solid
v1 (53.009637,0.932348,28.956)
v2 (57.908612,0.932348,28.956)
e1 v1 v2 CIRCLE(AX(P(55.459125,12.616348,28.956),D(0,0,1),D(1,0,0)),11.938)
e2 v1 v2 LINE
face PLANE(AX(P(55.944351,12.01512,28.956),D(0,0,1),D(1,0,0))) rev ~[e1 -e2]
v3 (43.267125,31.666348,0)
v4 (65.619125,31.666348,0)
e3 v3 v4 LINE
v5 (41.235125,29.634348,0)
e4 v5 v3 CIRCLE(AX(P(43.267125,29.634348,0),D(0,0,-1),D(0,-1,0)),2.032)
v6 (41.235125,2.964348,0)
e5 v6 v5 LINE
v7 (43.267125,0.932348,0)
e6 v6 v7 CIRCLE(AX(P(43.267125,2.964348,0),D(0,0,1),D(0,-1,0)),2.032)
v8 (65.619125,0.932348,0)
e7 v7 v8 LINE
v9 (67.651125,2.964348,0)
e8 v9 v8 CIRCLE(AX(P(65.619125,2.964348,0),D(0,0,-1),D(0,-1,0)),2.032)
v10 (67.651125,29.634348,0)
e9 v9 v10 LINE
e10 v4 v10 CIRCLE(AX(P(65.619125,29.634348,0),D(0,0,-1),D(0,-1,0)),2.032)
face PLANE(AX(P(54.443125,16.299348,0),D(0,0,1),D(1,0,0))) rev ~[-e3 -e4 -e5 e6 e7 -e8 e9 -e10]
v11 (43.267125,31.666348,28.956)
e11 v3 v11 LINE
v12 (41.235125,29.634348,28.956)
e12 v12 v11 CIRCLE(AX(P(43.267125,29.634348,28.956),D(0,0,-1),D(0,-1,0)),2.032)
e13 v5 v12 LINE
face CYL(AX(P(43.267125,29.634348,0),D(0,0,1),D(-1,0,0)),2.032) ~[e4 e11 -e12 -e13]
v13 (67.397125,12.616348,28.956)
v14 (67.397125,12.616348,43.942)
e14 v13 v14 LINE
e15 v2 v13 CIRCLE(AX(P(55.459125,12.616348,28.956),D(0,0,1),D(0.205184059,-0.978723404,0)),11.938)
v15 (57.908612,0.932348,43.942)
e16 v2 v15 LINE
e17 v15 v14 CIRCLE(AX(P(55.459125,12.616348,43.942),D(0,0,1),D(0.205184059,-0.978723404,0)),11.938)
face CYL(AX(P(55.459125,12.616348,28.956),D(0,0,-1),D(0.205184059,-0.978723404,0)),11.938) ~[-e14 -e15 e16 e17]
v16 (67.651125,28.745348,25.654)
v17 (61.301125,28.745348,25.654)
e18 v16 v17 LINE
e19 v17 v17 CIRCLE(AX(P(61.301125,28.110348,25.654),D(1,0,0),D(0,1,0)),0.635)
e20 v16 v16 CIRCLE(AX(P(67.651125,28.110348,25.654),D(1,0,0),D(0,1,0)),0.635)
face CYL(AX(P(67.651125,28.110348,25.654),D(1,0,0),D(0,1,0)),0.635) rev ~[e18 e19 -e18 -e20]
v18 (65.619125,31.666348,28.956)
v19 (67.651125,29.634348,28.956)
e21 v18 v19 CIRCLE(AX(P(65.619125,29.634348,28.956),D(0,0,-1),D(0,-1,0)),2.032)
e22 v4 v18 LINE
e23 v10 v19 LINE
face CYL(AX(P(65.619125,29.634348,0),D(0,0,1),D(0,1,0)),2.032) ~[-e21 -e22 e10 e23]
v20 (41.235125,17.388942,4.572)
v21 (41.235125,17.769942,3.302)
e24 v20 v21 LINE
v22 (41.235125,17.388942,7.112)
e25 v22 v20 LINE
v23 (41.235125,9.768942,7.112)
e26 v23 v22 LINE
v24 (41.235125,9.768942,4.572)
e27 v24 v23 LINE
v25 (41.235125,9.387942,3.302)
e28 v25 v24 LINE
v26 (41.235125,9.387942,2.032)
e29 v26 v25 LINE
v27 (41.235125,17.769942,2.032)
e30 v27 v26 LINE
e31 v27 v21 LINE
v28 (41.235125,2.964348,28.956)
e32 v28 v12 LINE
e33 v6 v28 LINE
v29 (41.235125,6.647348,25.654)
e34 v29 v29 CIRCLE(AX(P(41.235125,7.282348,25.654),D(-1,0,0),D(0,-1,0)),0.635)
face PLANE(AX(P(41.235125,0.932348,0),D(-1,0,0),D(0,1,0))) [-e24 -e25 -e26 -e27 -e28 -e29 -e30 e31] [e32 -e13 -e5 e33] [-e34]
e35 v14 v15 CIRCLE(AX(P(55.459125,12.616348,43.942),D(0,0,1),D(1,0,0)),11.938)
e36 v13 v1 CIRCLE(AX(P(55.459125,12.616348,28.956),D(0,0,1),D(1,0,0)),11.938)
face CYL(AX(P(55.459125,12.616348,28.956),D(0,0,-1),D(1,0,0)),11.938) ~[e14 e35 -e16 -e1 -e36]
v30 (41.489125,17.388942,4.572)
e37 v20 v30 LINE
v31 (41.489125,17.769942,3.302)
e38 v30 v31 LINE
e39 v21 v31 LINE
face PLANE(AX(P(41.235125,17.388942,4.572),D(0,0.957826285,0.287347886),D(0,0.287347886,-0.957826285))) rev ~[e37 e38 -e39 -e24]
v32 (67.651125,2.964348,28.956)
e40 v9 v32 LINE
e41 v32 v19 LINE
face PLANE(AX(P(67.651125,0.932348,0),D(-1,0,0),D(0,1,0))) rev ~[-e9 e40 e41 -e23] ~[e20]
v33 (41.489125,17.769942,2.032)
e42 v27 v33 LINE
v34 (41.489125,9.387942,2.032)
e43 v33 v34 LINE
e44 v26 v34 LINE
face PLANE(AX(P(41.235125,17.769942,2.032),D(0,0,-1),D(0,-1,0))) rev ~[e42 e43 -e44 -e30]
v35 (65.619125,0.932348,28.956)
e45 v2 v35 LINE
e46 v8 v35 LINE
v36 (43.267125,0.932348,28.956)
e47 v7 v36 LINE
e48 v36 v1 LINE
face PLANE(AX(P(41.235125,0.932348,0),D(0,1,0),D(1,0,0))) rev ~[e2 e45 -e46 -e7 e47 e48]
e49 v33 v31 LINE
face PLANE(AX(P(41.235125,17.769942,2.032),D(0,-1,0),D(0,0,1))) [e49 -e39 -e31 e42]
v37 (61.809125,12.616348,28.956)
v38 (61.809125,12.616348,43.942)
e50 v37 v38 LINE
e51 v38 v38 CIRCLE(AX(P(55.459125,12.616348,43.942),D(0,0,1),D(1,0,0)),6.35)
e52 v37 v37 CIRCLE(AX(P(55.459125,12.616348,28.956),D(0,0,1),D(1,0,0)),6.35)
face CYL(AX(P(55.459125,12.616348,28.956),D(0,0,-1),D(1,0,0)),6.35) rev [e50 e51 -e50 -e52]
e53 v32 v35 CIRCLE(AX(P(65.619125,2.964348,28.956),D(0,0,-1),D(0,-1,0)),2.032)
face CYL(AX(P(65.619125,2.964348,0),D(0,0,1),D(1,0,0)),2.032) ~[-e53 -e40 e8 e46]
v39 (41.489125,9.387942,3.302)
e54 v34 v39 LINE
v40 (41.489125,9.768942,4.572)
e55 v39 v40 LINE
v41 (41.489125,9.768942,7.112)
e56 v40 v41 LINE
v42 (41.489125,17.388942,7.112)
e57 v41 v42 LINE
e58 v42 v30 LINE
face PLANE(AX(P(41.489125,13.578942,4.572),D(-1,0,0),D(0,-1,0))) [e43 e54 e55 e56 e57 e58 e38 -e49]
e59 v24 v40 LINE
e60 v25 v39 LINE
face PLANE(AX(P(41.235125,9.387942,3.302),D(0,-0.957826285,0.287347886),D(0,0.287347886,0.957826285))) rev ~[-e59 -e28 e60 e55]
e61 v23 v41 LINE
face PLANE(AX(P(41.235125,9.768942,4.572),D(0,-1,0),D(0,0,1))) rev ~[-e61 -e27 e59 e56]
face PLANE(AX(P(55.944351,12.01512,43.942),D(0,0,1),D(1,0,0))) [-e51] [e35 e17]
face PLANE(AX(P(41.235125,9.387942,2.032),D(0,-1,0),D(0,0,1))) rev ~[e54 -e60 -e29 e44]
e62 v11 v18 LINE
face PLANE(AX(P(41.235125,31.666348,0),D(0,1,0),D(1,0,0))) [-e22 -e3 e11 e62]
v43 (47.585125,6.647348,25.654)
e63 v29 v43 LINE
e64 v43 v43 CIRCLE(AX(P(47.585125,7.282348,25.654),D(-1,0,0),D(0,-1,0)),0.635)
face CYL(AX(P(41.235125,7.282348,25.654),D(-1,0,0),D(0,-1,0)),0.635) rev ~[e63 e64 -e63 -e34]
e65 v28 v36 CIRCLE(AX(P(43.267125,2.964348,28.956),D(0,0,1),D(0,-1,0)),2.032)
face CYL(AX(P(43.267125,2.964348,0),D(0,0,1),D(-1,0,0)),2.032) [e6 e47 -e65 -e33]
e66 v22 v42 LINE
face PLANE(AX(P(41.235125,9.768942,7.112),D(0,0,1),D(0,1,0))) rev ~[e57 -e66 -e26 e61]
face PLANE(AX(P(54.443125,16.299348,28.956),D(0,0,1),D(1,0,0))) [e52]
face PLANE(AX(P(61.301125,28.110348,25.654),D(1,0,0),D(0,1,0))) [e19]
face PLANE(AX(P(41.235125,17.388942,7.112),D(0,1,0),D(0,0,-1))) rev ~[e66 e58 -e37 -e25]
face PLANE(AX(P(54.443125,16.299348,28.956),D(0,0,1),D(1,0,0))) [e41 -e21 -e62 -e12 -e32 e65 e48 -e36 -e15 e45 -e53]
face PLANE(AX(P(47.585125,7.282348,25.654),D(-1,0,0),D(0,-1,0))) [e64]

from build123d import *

# Parameters (mm, degrees)
F0_R      = 11.938
F1_DEPTH  = 14.986
F2_R      = 5.2835878492
F3_DEPTH  = 6.35
F4_W      = 26.416
F4_H      = 30.734
F5_DEPTH  = 28.956
F6_R      = 0.635
F7_DEPTH  = 6.35
F8_R      = 0.635
F9_DEPTH  = 6.35
F10_R     = 6.35
F11_DEPTH = 14.986
F13_R     = 2.032
F14_W     = 0.381
F14_H     = 1.27
F15_DEPTH = 0.254


with BuildPart() as f1:
    # F0 (on Top) → F1 (new body)
    with BuildSketch(Plane.XY):
        Circle(F0_R)
    extrude(amount=F1_DEPTH)

    # F2 (on face) → F3 (cut)
    with BuildSketch(Plane.XY.offset(14.986)):
        Circle(F2_R)
    extrude(amount=-F3_DEPTH, mode=Mode.SUBTRACT)


with BuildPart() as f5:
    # F4 (on Top) → F5 (new body)
    with BuildSketch(Plane.XY):
        with Locations((54.4431246817, 16.2993484654)):
            Rectangle(F4_W, F4_H)
    extrude(amount=F5_DEPTH)

    # F6 (on face) → F7 (cut)
    with BuildSketch(Plane(origin=(41.2351246817, 0, 0), x_dir=(0, -1, 0), z_dir=(-1, 0, 0))):
        with Locations((-7.2823484654, 25.654)):
            Circle(F6_R)
    extrude(amount=-F7_DEPTH, mode=Mode.SUBTRACT)

    # F8 (on face) → F9 (cut)
    with BuildSketch(Plane.YZ.offset(67.6511246817)):
        with Locations((28.1103484654, 25.654)):
            Circle(F8_R)
    extrude(amount=-F9_DEPTH, mode=Mode.SUBTRACT)

    # F10 (on face) → F11 (join)
    with BuildSketch(Plane.XY.offset(28.956)):
        with BuildLine():
            ThreePointArc((57.908611975, 0.9323484654), (64.7262122314, 5.0905971842), (67.3971246817, 12.6163484654))
            ThreePointArc((67.3971246817, 12.6163484654), (47.9333734005, 21.8834360151), (53.0096373884, 0.9323484654))
            Line((53.0096373884, 0.9323484654), (57.908611975, 0.9323484654))
        make_face()
        with Locations((55.4591246817, 12.6163484654)):
            Circle(F10_R, mode=Mode.SUBTRACT)
        with BuildLine():
            Line((57.908611975, 0.9323484654), (53.0096373884, 0.9323484654))
            ThreePointArc((53.0096373884, 0.9323484654), (55.4591246817, 0.6783484654), (57.908611975, 0.9323484654))
        make_face()
    extrude(amount=F11_DEPTH)

    # F13
    f13_edges = [f5.edges().sort_by_distance(p)[0] for p in [
        (41.235125, 31.666348, 14.478),
        (67.651125, 31.666348, 14.478),
        (41.235125, 0.932348, 14.478),
        (67.651125, 0.932348, 14.478),
    ]]
    fillet(f13_edges, radius=F13_R)

    # F14 (on face) → F15 (cut)
    with BuildSketch(Plane(origin=(41.2351246817, 0, 0), x_dir=(0, -1, 0), z_dir=(-1, 0, 0))):
        Polygon((-17.3889424292, 3.302), (-17.3889424292, 2.032), (-9.7689424292, 2.032), (-9.7689424292, 3.302), (-9.7689424292, 4.572), (-9.7689424292, 7.112), (-17.3889424292, 7.112), (-17.3889424292, 4.572), align=None)
        with Locations((-17.5794424292, 2.667)):
            Rectangle(F14_W, F14_H)
        Polygon((-17.7699424292, 3.302), (-17.3889424292, 3.302), (-17.3889424292, 4.572), align=None)
        Polygon((-9.7689424292, 4.572), (-9.7689424292, 3.302), (-9.3879424292, 3.302), align=None)
        with Locations((-9.5784424292, 2.667)):
            Rectangle(F14_W, F14_H)
    extrude(amount=-F15_DEPTH, mode=Mode.SUBTRACT)


solid = f5.part
